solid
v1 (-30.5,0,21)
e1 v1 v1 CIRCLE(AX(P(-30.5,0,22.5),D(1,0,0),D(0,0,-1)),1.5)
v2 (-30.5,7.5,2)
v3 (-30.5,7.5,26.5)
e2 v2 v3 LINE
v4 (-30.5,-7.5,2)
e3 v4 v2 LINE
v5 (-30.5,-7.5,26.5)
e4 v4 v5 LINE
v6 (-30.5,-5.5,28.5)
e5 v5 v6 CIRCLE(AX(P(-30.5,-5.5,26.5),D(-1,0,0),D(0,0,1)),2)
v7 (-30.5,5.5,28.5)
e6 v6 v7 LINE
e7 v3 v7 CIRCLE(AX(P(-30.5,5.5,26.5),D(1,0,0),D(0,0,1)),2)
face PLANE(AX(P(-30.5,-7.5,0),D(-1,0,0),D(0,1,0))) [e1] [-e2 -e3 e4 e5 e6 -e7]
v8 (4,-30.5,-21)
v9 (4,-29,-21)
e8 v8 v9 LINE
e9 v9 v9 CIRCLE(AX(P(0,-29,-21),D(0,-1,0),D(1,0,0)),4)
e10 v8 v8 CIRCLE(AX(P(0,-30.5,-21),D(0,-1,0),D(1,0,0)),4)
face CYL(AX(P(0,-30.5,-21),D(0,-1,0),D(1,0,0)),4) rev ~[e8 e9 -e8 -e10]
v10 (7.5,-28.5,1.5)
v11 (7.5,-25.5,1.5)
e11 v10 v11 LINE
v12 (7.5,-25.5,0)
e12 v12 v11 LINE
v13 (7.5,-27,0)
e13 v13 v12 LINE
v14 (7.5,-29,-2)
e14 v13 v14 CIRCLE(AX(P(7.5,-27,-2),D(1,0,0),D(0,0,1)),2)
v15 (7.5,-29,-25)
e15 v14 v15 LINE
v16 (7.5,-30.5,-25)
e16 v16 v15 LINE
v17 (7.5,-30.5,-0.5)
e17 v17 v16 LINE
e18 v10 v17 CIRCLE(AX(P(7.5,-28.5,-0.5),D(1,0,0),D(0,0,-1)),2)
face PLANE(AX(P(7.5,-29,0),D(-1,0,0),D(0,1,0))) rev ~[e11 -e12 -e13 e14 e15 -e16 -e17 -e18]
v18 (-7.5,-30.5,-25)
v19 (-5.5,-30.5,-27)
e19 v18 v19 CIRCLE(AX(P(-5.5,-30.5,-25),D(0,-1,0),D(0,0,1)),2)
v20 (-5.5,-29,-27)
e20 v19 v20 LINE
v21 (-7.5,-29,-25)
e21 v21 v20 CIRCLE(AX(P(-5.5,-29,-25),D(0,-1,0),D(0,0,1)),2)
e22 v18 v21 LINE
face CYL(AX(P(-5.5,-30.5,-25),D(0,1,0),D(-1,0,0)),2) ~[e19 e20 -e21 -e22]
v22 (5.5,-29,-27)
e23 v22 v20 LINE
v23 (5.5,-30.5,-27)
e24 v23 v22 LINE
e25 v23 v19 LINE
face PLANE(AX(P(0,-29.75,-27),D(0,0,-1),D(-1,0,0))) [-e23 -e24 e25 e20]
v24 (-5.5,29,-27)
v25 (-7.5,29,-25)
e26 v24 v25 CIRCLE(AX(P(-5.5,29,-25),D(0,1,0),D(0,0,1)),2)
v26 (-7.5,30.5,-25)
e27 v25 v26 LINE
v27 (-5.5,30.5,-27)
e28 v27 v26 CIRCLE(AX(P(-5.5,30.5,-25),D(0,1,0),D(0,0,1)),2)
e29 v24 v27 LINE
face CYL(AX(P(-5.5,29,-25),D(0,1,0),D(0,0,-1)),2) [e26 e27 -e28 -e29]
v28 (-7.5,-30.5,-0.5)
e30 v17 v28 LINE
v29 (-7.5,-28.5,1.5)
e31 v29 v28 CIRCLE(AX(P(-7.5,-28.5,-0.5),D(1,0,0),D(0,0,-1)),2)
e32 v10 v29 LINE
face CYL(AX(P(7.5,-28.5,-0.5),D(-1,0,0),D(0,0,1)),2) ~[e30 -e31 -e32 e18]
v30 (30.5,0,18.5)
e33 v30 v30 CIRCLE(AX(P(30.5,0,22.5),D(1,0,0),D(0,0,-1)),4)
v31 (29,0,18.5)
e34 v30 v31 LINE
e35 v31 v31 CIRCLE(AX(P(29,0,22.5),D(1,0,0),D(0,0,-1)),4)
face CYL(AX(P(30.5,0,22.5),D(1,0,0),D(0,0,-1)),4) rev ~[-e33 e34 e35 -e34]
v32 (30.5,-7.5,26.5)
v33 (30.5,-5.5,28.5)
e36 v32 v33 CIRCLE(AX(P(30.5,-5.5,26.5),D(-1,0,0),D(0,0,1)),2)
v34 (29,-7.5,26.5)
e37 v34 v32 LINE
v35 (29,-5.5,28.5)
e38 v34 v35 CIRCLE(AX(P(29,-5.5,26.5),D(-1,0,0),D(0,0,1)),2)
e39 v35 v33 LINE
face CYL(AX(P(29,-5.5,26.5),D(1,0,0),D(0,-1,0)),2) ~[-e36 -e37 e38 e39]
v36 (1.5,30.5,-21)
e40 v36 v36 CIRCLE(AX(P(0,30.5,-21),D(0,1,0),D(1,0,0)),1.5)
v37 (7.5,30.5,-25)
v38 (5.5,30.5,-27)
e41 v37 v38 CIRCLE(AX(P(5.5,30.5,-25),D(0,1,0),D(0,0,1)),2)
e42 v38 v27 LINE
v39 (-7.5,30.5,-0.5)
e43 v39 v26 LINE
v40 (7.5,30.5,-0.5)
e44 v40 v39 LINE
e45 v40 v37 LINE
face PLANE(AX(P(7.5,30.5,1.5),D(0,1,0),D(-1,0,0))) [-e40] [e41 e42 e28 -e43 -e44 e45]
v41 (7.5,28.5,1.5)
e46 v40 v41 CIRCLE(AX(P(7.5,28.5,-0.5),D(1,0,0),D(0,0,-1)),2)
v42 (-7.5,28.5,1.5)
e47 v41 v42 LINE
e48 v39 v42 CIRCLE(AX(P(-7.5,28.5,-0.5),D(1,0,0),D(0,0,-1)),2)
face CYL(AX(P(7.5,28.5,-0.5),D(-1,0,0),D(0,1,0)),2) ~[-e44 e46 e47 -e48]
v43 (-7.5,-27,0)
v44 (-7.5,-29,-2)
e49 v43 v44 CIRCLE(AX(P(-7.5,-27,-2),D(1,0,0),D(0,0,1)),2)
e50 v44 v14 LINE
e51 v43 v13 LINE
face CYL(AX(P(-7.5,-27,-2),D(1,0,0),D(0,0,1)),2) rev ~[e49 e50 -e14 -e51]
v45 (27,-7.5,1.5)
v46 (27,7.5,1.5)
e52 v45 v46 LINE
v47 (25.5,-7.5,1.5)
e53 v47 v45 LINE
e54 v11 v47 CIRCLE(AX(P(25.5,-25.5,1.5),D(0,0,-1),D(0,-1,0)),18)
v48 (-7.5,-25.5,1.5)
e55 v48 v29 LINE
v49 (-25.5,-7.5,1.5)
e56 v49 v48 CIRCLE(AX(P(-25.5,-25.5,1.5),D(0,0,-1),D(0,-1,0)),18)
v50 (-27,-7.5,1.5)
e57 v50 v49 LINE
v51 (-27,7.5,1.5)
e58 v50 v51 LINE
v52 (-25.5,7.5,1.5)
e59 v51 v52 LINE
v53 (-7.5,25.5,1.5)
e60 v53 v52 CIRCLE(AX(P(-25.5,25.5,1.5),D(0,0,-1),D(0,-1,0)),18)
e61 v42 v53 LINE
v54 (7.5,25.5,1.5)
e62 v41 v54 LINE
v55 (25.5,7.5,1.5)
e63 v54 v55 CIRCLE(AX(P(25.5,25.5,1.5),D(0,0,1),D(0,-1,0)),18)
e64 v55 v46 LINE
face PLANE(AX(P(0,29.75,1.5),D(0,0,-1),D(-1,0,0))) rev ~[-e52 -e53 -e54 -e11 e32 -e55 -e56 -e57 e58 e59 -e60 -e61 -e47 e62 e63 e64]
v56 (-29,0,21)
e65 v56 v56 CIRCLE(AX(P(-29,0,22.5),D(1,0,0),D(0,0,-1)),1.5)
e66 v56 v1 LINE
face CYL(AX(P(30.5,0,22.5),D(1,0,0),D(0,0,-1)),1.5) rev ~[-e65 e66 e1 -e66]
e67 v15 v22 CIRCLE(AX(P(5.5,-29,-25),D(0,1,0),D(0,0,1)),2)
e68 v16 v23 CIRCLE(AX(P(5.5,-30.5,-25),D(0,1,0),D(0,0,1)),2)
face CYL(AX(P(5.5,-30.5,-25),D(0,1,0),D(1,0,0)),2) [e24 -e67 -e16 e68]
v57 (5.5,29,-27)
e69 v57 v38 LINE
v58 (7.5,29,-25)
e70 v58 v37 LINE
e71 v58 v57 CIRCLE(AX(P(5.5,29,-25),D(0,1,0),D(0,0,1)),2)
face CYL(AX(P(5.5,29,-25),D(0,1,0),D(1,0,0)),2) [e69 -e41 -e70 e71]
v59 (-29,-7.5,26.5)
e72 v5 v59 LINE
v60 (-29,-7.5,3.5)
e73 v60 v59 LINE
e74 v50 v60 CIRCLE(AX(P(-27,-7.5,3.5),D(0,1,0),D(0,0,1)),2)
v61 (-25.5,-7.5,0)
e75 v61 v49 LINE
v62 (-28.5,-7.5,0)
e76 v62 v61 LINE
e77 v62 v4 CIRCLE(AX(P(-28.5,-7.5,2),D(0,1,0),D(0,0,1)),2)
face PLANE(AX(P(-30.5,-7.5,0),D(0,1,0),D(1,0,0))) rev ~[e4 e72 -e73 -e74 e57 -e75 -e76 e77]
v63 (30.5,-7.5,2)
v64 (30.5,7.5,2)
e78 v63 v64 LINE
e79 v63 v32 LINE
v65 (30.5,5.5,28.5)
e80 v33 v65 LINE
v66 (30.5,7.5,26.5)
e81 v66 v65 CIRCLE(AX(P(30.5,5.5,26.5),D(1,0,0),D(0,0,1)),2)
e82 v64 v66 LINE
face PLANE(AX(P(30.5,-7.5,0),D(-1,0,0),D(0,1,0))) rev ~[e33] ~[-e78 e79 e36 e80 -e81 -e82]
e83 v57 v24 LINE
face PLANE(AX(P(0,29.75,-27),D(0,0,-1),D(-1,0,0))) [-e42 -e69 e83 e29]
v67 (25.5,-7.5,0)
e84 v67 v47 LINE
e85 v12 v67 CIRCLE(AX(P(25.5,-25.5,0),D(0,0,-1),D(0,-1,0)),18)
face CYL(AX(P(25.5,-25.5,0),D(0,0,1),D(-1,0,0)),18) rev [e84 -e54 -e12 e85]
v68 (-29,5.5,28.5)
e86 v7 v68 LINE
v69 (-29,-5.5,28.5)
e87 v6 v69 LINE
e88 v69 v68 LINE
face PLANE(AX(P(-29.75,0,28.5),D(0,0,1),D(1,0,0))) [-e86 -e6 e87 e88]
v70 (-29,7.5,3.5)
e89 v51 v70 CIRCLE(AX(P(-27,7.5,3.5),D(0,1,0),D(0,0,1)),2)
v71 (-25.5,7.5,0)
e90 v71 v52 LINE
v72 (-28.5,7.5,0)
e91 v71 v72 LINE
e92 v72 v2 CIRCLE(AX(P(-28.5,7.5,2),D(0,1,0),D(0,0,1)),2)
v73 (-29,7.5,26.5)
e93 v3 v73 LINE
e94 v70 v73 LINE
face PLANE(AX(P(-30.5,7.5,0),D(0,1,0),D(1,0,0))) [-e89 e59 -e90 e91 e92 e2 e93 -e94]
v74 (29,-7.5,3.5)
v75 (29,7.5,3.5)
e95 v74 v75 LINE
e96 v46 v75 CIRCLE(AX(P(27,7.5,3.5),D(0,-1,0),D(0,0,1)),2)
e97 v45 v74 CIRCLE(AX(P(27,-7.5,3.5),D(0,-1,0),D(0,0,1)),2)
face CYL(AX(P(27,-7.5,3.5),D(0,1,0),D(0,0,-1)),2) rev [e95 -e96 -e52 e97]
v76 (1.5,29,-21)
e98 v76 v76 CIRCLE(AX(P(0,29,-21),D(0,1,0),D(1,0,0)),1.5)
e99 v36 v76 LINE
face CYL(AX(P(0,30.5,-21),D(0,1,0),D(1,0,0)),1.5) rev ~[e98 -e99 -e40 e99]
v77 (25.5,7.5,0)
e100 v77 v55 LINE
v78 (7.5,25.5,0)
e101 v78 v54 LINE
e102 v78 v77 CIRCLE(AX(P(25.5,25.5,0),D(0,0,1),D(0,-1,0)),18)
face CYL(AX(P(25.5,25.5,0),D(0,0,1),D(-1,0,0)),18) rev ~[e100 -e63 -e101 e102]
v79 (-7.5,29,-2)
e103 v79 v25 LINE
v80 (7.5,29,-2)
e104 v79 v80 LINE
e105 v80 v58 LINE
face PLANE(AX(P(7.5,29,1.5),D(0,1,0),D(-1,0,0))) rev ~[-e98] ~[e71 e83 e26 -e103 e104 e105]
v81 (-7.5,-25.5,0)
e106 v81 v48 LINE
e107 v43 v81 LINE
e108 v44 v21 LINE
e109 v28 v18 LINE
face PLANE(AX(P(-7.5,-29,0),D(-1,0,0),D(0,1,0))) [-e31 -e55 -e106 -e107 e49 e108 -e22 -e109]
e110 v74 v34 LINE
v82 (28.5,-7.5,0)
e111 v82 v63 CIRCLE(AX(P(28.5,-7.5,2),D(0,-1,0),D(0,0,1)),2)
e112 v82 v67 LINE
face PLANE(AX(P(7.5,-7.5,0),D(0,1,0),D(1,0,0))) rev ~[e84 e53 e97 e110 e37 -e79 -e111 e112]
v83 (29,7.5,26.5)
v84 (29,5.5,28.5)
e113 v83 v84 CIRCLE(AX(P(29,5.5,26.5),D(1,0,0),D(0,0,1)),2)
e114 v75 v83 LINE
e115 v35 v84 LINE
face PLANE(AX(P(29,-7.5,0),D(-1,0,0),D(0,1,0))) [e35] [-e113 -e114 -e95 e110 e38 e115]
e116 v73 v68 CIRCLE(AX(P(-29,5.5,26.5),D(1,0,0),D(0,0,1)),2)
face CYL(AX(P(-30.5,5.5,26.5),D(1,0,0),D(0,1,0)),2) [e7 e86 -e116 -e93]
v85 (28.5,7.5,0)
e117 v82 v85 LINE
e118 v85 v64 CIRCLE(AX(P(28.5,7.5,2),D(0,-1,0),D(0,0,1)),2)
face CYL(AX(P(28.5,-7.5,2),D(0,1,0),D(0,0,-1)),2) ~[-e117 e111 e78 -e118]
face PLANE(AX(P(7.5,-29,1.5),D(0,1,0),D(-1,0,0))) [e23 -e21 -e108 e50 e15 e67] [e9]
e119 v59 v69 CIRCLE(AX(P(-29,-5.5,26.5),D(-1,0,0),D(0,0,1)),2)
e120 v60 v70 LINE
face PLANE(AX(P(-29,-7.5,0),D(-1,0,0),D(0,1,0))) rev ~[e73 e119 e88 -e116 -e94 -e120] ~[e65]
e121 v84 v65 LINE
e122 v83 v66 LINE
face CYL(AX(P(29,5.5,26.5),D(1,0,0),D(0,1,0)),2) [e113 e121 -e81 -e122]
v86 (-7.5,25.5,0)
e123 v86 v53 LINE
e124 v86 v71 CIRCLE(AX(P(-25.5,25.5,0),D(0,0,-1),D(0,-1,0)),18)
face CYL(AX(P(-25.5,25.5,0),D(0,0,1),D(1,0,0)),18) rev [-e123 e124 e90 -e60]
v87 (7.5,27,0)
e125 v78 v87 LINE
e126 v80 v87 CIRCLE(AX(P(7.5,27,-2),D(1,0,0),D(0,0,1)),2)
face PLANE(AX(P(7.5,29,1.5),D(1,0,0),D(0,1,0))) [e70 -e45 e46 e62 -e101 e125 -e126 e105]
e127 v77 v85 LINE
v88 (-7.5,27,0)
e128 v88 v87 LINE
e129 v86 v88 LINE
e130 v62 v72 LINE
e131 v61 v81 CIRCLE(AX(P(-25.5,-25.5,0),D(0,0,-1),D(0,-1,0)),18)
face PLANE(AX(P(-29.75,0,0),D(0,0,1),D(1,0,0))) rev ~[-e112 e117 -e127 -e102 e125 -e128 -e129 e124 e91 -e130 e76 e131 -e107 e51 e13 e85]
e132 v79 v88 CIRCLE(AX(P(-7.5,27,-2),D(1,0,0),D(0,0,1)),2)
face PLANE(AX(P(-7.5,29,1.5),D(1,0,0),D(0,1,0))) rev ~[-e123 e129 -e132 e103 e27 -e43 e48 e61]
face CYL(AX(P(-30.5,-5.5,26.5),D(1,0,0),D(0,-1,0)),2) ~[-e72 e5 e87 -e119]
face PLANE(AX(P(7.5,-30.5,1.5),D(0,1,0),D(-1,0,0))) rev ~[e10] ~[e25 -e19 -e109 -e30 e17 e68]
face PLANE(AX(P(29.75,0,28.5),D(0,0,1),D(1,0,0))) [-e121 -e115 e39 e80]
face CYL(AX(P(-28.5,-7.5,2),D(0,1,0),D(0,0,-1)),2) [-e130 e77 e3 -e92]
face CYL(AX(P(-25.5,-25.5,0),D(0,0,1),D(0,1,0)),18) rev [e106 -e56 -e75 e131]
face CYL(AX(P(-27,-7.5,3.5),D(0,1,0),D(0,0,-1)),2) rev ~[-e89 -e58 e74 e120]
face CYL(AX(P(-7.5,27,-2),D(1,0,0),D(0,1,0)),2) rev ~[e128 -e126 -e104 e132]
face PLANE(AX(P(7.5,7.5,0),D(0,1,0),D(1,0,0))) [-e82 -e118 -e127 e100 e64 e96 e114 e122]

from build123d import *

# Parameters (mm, degrees)
SKETCH1_W           = 15
SKETCH1_H           = 21.5
SKETCH1_W_2         = 21.5
SKETCH1_H_2         = 15
BOSS_EXTRUDE1_DEPTH = 1.5
BOSS_EXTRUDE2_START = -1.5
SKETCH2_W           = 1.5
SKETCH2_H           = 15
BOSS_EXTRUDE2_DEPTH = 28.5
BOSS_EXTRUDE3_START = -1.5
SKETCH3_W           = 15
SKETCH3_H           = 1.5
BOSS_EXTRUDE3_DEPTH = 28.5
SKETCH4_R           = 1.5
CUT_EXTRUDE1_DEPTH  = 62
SKETCH5_R           = 1.5
CUT_EXTRUDE2_DEPTH  = 62
FILLET1_R           = 2
FILLET2_R           = 2
FILLET3_R           = 18
CUT_EXTRUDE3_REACH  = 63
SKETCH6_R           = 4
CUT_EXTRUDE4_REACH  = 63
SKETCH7_R           = 4


with BuildPart() as part:
    # Sketch1 → Boss-Extrude1 (new body)
    with BuildSketch(Plane.XY):
        with Locations((0, 18.25)):
            Rectangle(SKETCH1_W, SKETCH1_H)
        with Locations((-18.25, 0)):
            Rectangle(SKETCH1_W_2, SKETCH1_H_2)
        Rectangle(SKETCH1_W, SKETCH1_H_2)
        with Locations((18.25, 0)):
            Rectangle(SKETCH1_W_2, SKETCH1_H_2)
        with Locations((0, -18.25)):
            Rectangle(SKETCH1_W, SKETCH1_H)
    extrude(amount=BOSS_EXTRUDE1_DEPTH)

    # Sketch2 → Boss-Extrude2 (add)
    with BuildSketch(Plane.XY.offset(1.5).offset(BOSS_EXTRUDE2_START)):
        with Locations((-29.75, 0)):
            Rectangle(SKETCH2_W, SKETCH2_H)
        with Locations((29.75, 0)):
            Rectangle(SKETCH2_W, SKETCH2_H)
    extrude(amount=BOSS_EXTRUDE2_DEPTH)

    # Sketch3 → Boss-Extrude3 (add)
    with BuildSketch(Plane(origin=(0, 0, 0), x_dir=(-1, 0, 0), z_dir=(0, 0, -1)).offset(BOSS_EXTRUDE3_START)):
        with Locations((0, 29.75)):
            Rectangle(SKETCH3_W, SKETCH3_H)
        with Locations((0, -29.75)):
            Rectangle(SKETCH3_W, SKETCH3_H)
    extrude(amount=BOSS_EXTRUDE3_DEPTH)

    # Sketch4 → Cut-Extrude1 (cut, through all)
    with BuildSketch(Plane(origin=(30.5, 0, 0), x_dir=(0, 0, -1), z_dir=(1, 0, 0))):
        with Locations((-22.5, 0)):
            Circle(SKETCH4_R)
    extrude(amount=-CUT_EXTRUDE1_DEPTH, mode=Mode.SUBTRACT)

    # Sketch5 → Cut-Extrude2 (cut, through all)
    with BuildSketch(Plane(origin=(0, 30.5, 0), x_dir=(1, 0, 0), z_dir=(0, 1, 0))):
        with Locations((0, 21)):
            Circle(SKETCH5_R)
    extrude(amount=-CUT_EXTRUDE2_DEPTH, mode=Mode.SUBTRACT)

    # Fillet1
    fillet1_edges = [part.edges().sort_by_distance(p)[0] for p in [
        (-7.5, -29.75, -27),
        (7.5, -29.75, -27),
        (-7.5, 29.75, -27),
        (7.5, 29.75, -27),
        (-29.75, 7.5, 28.5),
        (-29.75, -7.5, 28.5),
        (29.75, -7.5, 28.5),
        (29.75, 7.5, 28.5),
    ]]
    fillet(fillet1_edges, radius=FILLET1_R)

    # Fillet2
    fillet2_edges = [part.edges().sort_by_distance(p)[0] for p in [
        (29, 0, 1.5),
        (30.5, 0, 0),
        (-30.5, 0, 0),
        (-29, 0, 1.5),
        (0, 29, 0),
        (0, -29, 0),
        (0, -30.5, 1.5),
        (0, 30.5, 1.5),
    ]]
    fillet(fillet2_edges, radius=FILLET2_R)

    # Fillet3
    fillet3_edges = [part.edges().sort_by_distance(p)[0] for p in [
        (-7.5, 7.5, 0.75),
        (-7.5, -7.5, 0.75),
        (7.5, -7.5, 0.75),
        (7.5, 7.5, 0.75),
    ]]
    fillet(fillet3_edges, radius=FILLET3_R)

    # Sketch6 → Cut-Extrude3 (cut, up to next)
    with BuildSketch(Plane(origin=(30.5, 0, 0), x_dir=(0, 0, -1), z_dir=(1, 0, 0)), mode=Mode.PRIVATE) as cut_extrude3_sk1:
        with Locations((-22.5, 0)):
            Circle(SKETCH6_R)
    cut_extrude3_tool1 = extrude(cut_extrude3_sk1.sketch, amount=-CUT_EXTRUDE3_REACH, mode=Mode.PRIVATE) & part.part
    add(cut_extrude3_tool1.solids().sort_by_distance((30.5, 0, 22.5))[0], mode=Mode.SUBTRACT)

    # Sketch7 → Cut-Extrude4 (cut, up to next)
    with BuildSketch(Plane.XZ.offset(30.5), mode=Mode.PRIVATE) as cut_extrude4_sk1:
        with Locations((0, -21)):
            Circle(SKETCH7_R)
    cut_extrude4_tool1 = extrude(cut_extrude4_sk1.sketch, amount=-CUT_EXTRUDE4_REACH, mode=Mode.PRIVATE) & part.part
    add(cut_extrude4_tool1.solids().sort_by_distance((0, -30.5, -21))[0], mode=Mode.SUBTRACT)


solid = part.part
